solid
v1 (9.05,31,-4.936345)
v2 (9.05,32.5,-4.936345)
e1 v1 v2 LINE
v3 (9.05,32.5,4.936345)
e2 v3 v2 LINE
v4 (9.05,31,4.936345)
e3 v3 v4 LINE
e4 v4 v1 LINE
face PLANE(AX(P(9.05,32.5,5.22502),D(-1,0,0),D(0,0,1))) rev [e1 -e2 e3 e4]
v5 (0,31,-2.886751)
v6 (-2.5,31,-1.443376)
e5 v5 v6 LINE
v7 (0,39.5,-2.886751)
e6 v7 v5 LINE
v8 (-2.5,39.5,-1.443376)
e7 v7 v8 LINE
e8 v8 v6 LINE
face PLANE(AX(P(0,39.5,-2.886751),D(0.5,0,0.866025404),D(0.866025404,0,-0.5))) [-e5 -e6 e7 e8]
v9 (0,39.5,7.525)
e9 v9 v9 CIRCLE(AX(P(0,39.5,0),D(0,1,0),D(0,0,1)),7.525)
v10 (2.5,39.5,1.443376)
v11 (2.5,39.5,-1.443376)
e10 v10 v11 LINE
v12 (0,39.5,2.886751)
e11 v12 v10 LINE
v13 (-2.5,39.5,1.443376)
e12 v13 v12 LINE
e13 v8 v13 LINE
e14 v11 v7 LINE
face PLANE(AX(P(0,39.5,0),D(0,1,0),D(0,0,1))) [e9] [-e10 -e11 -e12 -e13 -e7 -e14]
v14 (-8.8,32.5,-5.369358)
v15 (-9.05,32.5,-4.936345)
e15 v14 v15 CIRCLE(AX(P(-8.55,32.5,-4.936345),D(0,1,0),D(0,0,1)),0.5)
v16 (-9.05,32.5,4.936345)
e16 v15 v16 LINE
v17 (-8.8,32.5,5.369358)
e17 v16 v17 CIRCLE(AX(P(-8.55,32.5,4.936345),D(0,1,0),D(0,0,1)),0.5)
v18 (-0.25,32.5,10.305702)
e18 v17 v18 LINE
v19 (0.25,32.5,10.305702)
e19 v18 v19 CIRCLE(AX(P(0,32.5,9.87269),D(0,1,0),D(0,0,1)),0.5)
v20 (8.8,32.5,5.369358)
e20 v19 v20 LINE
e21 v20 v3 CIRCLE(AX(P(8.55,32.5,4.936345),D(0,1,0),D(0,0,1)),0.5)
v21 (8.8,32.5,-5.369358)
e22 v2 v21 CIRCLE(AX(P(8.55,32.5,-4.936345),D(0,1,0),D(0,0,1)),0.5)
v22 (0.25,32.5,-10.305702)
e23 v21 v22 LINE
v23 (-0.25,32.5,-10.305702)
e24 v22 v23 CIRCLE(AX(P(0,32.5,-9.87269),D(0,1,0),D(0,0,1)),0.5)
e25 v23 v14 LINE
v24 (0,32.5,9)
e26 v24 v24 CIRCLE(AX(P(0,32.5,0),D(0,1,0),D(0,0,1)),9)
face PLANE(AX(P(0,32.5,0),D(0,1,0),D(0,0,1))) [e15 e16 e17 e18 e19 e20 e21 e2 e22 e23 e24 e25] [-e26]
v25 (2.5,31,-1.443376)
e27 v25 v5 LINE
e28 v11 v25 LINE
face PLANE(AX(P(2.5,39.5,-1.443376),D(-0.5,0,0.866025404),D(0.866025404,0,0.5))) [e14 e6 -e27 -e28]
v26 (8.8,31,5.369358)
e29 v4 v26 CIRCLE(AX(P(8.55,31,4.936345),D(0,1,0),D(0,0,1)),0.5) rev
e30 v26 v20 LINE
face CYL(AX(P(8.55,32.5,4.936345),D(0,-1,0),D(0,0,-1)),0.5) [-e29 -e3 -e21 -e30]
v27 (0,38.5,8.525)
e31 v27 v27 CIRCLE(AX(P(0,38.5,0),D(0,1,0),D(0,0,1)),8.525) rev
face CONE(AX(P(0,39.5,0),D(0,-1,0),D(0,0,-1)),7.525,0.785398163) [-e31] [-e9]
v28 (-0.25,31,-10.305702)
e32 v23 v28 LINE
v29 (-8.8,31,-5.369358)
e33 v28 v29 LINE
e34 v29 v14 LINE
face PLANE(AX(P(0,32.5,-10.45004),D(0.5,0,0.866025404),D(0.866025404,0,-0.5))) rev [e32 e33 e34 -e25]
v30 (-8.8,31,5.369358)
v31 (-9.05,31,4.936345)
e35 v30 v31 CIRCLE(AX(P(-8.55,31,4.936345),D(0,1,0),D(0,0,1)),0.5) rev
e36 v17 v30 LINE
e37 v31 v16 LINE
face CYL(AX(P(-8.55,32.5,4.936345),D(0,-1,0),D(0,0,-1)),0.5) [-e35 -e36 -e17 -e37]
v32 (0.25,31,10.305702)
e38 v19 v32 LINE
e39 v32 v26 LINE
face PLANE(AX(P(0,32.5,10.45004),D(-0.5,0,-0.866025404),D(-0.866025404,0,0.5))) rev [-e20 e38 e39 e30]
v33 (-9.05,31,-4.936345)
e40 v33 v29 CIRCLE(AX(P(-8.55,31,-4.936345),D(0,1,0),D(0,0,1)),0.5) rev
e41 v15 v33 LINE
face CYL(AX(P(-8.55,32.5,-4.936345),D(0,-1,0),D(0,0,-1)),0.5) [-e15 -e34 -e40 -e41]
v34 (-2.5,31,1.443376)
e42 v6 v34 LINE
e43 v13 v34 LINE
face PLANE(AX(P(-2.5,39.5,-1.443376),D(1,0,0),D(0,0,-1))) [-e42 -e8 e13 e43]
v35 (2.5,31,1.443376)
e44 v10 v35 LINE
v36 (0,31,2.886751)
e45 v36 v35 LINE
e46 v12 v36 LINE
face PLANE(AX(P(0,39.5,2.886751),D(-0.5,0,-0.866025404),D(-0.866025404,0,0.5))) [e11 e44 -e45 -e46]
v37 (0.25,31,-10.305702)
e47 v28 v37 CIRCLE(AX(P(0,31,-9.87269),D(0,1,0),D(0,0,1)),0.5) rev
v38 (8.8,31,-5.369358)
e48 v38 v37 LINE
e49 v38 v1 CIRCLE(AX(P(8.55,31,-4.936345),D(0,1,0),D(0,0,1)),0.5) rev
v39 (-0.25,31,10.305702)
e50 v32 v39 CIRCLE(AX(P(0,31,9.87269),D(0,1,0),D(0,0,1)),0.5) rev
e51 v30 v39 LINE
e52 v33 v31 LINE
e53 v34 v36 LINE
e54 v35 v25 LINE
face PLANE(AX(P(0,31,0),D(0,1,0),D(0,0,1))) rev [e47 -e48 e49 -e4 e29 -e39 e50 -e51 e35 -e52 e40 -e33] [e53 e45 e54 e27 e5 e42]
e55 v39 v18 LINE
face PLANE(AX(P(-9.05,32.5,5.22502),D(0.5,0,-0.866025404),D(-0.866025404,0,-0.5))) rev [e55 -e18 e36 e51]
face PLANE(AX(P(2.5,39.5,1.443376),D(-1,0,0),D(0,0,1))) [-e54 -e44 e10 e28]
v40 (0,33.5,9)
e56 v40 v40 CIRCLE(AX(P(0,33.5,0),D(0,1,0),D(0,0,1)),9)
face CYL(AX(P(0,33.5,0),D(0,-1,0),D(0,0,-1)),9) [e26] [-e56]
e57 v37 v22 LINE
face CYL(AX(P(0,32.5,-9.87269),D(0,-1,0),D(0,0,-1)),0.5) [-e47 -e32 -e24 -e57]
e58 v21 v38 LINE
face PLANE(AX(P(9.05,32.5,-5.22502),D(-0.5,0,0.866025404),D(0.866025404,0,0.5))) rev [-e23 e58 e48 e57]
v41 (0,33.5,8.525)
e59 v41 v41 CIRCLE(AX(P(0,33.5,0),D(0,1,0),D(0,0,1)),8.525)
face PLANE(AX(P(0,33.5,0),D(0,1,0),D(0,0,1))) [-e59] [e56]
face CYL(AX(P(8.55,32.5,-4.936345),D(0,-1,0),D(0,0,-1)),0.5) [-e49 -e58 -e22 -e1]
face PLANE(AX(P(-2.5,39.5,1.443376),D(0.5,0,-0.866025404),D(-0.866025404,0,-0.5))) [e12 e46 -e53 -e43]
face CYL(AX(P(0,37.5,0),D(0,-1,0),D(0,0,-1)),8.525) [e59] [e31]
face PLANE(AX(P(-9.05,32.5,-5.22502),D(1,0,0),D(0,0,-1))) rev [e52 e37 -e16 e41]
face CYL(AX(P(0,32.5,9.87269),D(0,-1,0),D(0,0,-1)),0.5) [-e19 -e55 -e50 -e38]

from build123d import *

# Parameters (mm, degrees)
BOSS_EXTRUDE1_DEPTH      = 1.5
FILLET1_R                = 0.5
SKETCH2_R                = 9
BOSS_EXTRUDE2_DEPTH      = 1
SKETCH3_R                = 8.525
BOSS_EXTRUDE3_DEPTH      = 4
BOSS_EXTRUDE4_DEPTH      = 1
BOSS_EXTRUDE4_DEPTH_BACK = 1
SKETCH5_R                = 8.525
SKETCH6_R                = 8.525
BOSS_EXTRUDE5_DEPTH      = 1
CHAMFER2_SIZE            = 1
CUT_EXTRUDE1_DEPTH       = 17.178541022


with BuildPart() as part:
    # Sketch1 → Boss-Extrude1 (new body)
    with BuildSketch(Plane(origin=(0, 31, 0), x_dir=(1, 0, 0), z_dir=(0, 1, 0))):
        Polygon((0, 10.450039872), (-9.05, 5.225019936), (-9.05, -5.225019936), (0, -10.450039872), (9.05, -5.225019936), (9.05, 5.225019936), align=None)
    extrude(amount=BOSS_EXTRUDE1_DEPTH)

    # Fillet1
    fillet1_edges = [part.edges().sort_by_distance(p)[0] for p in [
        (9.05, 31.75, -5.225019936),
        (9.05, 31.75, 5.225019936),
        (0, 31.75, 10.450039872),
        (-9.05, 31.75, 5.225019936),
        (-9.05, 31.75, -5.225019936),
        (0, 31.75, -10.450039872),
    ]]
    fillet(fillet1_edges, radius=FILLET1_R)

    # Sketch2 → Boss-Extrude2 (add)
    with BuildSketch(Plane(origin=(0, 32.5, 0), x_dir=(1, 0, 0), z_dir=(0, 1, 0))):
        with Locations(Location((0, 0, 0), (0, 0, 270))):
            Circle(SKETCH2_R)
    extrude(amount=BOSS_EXTRUDE2_DEPTH)

    # Sketch3 → Boss-Extrude3 (add)
    with BuildSketch(Plane(origin=(0, 33.5, 0), x_dir=(1, 0, 0), z_dir=(0, 1, 0))):
        with Locations(Location((0, 0, 0), (0, 0, 270))):
            Circle(SKETCH3_R)
    extrude(amount=BOSS_EXTRUDE3_DEPTH)

    # Sketch5 → Boss-Extrude4 (add, two sides: drawn at the far end of the back side and taken through both)
    with BuildSketch(Plane(origin=(0, 37.5, 0), x_dir=(1, 0, 0), z_dir=(0, 1, 0)).offset(-BOSS_EXTRUDE4_DEPTH_BACK)):
        with Locations(Location((0, 0, 0), (0, 0, 270))):
            Circle(SKETCH5_R)
    extrude(amount=BOSS_EXTRUDE4_DEPTH + BOSS_EXTRUDE4_DEPTH_BACK)

    # Sketch6 → Boss-Extrude5 (add)
    with BuildSketch(Plane(origin=(0, 38.5, 0), x_dir=(1, 0, 0), z_dir=(0, 1, 0))):
        with Locations(Location((0, 0, 0), (0, 0, 270))):
            Circle(SKETCH6_R)
    extrude(amount=BOSS_EXTRUDE5_DEPTH)

    # Chamfer2
    chamfer2_edges = [part.edges().sort_by_distance(p)[0] for p in [
        (0, 39.5, -8.525),
    ]]
    chamfer(chamfer2_edges, length=CHAMFER2_SIZE)

    # Sketch4 → Cut-Extrude1 (cut, through all)
    with BuildSketch(Plane(origin=(0, 31, 0), x_dir=(1, 0, 0), z_dir=(0, 1, 0))):
        Polygon((0, 2.886751346), (-2.5, 1.443375673), (-2.5, -1.443375673), (0, -2.886751346), (2.5, -1.443375673), (2.5, 1.443375673), align=None)
    extrude(amount=CUT_EXTRUDE1_DEPTH, mode=Mode.SUBTRACT)


solid = part.part
